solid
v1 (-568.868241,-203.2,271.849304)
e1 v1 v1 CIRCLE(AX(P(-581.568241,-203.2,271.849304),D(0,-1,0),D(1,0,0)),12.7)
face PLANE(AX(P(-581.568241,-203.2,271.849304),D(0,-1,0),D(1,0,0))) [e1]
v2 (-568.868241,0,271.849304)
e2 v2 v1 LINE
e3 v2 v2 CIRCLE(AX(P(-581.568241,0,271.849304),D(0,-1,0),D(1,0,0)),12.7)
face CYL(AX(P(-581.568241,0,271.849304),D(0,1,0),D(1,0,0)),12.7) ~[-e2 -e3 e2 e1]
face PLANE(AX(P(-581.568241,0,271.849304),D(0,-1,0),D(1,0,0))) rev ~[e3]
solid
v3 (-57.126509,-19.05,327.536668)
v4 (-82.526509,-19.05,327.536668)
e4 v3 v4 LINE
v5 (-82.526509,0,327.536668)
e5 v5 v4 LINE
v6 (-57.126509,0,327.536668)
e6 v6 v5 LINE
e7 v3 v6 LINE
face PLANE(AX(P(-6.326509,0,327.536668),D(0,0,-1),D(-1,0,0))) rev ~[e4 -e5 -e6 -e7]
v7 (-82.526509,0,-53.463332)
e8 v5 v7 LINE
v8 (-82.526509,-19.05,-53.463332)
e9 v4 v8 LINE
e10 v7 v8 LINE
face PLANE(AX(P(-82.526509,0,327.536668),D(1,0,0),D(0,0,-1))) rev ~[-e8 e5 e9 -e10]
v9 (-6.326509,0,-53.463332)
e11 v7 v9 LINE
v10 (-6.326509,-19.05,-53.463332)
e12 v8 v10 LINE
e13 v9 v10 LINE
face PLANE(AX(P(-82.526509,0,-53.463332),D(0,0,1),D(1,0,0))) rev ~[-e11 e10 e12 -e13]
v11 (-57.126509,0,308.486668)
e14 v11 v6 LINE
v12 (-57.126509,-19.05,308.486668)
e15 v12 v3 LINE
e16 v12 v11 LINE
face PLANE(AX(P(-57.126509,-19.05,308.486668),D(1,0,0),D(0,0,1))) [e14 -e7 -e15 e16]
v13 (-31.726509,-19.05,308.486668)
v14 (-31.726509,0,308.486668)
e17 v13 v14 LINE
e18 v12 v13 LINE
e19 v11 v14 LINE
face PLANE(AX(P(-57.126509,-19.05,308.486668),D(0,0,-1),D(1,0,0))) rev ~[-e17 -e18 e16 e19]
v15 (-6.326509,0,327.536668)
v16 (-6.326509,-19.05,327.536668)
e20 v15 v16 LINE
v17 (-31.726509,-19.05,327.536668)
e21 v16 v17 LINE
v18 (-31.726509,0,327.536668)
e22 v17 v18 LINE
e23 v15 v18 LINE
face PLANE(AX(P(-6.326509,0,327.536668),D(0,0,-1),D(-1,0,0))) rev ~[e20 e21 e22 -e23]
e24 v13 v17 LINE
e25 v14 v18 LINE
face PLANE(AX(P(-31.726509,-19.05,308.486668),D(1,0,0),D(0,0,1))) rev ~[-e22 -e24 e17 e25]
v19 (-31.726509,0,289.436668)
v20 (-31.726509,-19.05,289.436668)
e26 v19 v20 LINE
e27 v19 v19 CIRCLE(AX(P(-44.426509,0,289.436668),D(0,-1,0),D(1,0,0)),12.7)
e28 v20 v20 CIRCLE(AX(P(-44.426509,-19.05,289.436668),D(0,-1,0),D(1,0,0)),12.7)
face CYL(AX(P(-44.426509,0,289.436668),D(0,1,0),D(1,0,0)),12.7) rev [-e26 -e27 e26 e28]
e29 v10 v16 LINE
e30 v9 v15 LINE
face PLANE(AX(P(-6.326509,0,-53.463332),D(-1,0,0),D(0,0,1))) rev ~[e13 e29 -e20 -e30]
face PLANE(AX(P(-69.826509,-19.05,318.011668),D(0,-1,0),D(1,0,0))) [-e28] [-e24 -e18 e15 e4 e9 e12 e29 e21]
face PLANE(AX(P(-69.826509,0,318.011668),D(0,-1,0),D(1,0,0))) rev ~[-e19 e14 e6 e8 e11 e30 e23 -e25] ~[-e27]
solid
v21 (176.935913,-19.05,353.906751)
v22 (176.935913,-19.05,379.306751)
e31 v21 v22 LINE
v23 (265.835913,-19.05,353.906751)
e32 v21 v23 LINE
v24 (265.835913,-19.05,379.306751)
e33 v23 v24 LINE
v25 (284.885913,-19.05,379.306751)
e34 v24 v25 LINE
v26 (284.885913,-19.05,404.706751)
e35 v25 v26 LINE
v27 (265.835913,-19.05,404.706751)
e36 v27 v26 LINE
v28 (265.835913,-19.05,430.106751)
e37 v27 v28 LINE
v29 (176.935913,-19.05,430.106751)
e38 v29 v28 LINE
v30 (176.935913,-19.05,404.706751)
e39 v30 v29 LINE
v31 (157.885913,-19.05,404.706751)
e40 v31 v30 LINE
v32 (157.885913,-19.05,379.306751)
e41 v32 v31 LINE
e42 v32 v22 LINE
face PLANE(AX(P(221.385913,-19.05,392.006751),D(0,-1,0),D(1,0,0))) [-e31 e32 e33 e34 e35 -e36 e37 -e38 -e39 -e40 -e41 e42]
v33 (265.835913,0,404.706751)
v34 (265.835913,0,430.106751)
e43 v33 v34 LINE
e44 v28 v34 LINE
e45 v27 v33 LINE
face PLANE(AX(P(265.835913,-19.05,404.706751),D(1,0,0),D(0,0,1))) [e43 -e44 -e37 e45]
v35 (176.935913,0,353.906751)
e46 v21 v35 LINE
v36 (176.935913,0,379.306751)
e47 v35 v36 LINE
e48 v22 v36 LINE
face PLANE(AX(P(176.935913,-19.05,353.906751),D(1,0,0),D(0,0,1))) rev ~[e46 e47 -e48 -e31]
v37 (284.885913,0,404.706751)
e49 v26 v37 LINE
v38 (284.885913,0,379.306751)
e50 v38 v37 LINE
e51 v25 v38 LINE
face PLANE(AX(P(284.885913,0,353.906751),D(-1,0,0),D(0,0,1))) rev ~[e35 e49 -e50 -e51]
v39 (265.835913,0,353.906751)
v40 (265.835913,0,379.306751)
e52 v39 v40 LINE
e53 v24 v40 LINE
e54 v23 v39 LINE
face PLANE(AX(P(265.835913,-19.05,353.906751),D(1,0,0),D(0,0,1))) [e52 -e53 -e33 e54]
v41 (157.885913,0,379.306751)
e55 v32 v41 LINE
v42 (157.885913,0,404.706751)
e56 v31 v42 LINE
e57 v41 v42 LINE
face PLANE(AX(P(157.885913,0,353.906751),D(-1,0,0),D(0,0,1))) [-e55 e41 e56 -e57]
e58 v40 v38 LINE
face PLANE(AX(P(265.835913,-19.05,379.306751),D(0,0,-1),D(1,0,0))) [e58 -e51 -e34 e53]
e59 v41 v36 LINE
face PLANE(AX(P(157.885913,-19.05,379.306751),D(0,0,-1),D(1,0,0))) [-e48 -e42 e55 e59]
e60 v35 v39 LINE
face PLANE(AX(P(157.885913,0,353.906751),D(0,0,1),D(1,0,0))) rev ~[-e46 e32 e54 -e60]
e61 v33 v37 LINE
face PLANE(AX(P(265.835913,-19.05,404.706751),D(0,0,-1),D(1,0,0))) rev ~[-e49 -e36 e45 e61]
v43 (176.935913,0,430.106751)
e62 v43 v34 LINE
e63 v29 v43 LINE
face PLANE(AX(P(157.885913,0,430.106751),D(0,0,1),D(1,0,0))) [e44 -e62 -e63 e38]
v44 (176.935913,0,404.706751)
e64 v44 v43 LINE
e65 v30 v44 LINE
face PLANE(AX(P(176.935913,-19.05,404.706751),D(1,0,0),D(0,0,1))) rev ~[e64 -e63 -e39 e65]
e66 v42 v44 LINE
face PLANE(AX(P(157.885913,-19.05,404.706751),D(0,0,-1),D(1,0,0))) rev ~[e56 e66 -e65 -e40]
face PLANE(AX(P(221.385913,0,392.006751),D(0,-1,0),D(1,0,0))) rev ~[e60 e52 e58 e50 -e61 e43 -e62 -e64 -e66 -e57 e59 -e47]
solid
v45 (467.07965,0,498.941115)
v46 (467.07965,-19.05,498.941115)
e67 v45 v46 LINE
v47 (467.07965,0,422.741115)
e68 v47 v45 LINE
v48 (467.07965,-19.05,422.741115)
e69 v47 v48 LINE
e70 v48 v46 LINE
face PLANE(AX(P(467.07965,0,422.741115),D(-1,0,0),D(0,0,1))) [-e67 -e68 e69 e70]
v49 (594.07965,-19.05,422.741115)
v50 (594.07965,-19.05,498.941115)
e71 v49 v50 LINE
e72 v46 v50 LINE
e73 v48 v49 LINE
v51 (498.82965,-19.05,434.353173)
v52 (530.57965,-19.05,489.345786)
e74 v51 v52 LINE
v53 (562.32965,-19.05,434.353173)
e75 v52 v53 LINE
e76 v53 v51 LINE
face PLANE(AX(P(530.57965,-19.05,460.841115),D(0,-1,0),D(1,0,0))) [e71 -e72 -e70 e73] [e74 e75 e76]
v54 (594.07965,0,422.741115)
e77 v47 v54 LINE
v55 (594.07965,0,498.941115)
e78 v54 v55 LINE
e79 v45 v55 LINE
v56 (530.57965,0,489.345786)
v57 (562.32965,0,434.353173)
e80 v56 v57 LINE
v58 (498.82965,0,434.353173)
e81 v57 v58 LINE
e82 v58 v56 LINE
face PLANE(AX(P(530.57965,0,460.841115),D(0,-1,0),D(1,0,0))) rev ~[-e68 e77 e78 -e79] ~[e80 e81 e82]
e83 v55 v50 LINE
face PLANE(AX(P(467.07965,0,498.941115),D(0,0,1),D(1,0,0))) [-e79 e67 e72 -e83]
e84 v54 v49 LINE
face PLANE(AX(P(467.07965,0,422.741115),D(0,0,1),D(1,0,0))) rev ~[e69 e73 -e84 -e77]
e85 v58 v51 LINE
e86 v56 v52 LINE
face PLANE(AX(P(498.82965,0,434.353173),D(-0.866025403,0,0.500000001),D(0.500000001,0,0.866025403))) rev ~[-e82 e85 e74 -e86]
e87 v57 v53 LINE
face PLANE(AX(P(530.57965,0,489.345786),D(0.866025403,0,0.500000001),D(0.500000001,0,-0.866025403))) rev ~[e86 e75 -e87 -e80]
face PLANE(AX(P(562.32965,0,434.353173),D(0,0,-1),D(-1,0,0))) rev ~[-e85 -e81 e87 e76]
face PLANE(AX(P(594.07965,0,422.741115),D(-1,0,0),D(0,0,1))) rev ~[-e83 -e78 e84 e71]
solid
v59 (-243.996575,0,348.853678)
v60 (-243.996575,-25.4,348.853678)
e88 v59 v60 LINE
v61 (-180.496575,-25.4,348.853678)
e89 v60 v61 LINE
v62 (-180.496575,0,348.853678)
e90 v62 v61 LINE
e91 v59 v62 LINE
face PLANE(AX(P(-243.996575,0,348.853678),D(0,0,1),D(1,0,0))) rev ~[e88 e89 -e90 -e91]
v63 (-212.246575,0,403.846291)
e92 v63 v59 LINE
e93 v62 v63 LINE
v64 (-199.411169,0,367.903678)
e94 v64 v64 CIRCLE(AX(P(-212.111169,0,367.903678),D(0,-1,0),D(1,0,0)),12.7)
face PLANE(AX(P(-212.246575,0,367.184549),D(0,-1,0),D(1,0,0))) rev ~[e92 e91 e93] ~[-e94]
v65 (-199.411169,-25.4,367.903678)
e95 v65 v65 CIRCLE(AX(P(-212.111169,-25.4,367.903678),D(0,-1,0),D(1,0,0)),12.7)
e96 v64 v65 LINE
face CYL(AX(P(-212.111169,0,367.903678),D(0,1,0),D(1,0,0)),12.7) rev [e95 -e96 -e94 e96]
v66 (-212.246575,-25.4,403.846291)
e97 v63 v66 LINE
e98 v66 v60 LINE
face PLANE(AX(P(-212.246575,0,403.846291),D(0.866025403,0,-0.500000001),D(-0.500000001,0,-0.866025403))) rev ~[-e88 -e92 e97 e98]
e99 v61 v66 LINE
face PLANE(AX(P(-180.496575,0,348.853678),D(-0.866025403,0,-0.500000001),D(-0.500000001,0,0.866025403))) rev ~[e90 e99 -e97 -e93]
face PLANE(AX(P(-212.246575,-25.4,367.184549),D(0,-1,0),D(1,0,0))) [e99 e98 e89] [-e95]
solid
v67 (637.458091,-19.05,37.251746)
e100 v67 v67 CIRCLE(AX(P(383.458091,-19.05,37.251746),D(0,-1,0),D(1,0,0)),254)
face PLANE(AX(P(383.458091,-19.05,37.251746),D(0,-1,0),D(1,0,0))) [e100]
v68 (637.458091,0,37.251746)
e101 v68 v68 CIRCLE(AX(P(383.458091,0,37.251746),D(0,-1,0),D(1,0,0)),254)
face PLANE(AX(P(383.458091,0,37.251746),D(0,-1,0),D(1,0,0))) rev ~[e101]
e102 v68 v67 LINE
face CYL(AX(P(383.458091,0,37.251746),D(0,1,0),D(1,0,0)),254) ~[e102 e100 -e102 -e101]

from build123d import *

# Parameters (mm, degrees)
F0_R      = 12.7
F1_DEPTH  = 19.05
F2_W      = 127
F2_H      = 76.2
F3_DEPTH  = 19.05
F4_R      = 254
F5_DEPTH  = 19.05
F6_W      = 127
F6_H      = 76.2
F7_DEPTH  = 19.05
F8_W      = 25.4
F8_H      = 19.05
F9_DEPTH  = 25.4
F10_W     = 19.05
F10_H     = 25.4
F11_DEPTH = 25.4
F12_R     = 12.7
F13_DEPTH = 25.4
F14_R     = 12.7
F15_DEPTH = 203.2


with BuildPart() as f1:
    # F0 (on Front) → F1 (new body)
    with BuildSketch(Plane.XZ):
        Polygon((-69.826509, 327.536668), (-82.526509, 327.536668), (-82.526509, 308.486668), (-69.826509, 308.486668), (-57.126509, 308.486668), (-57.126509, 327.536668), align=None)
        Polygon((-69.826509, 308.486668), (-82.526509, 308.486668), (-82.526509, -53.463332), (-6.326509, -53.463332), (-6.326509, 308.486668), (-19.026509, 308.486668), (-31.726509, 308.486668), (-44.426509, 308.486668), (-57.126509, 308.486668), align=None)
        with Locations((-44.426509, 289.436668)):
            Circle(F0_R, mode=Mode.SUBTRACT)
        Polygon((-44.426509, 327.536668), (-57.126509, 327.536668), (-57.126509, 308.486668), (-44.426509, 308.486668), (-31.726509, 308.486668), (-31.726509, 327.536668), align=None)
        Polygon((-19.026509, 327.536668), (-31.726509, 327.536668), (-31.726509, 308.486668), (-19.026509, 308.486668), (-6.326509, 308.486668), (-6.326509, 327.536668), align=None)
    extrude(amount=F1_DEPTH)

    # F8 (on face) → F9 (cut)
    with BuildSketch(Plane.XZ.offset(19.05)):
        with Locations((-44.426509, 318.011668)):
            Rectangle(F8_W, F8_H)
    extrude(amount=-F9_DEPTH, mode=Mode.SUBTRACT)


with BuildPart() as f3:
    # F2 (on Front) → F3 (new body)
    with BuildSketch(Plane.XZ):
        with Locations((221.385913, 392.006751)):
            Rectangle(F2_W, F2_H)
    extrude(amount=F3_DEPTH)

    # F10 (on face) → F11 (cut)
    with BuildSketch(Plane.XZ.offset(19.05)):
        with Locations((167.410913, 417.406751)):
            Rectangle(F10_W, F10_H)
        with Locations((167.410913, 366.606751)):
            Rectangle(F10_W, F10_H)
        with Locations((275.360913, 366.606751)):
            Rectangle(F10_W, F10_H)
        with Locations((275.360913, 417.406751)):
            Rectangle(F10_W, F10_H)
    extrude(amount=-F11_DEPTH, mode=Mode.SUBTRACT)


with BuildPart() as f5:
    # F4 (on Front) → F5 (new body)
    with BuildSketch(Plane.XZ):
        with Locations((383.458091, 37.251746)):
            Circle(F4_R)
    extrude(amount=F5_DEPTH)


with BuildPart() as f7:
    # F6 (on Front) → F7 (new body)
    with BuildSketch(Plane.XZ):
        with Locations((530.57965, 460.841115)):
            Rectangle(F6_W, F6_H)
        Polygon((562.32965, 434.353173), (498.82965, 434.353173), (530.57965, 489.345786), align=None, mode=Mode.SUBTRACT)
    extrude(amount=F7_DEPTH)


with BuildPart() as f13:
    # F12 (on Front) → F13 (new body)
    with BuildSketch(Plane.XZ):
        Polygon((-212.246575, 403.846291), (-243.996575, 348.853678), (-180.496575, 348.853678), align=None)
        with Locations((-212.111169, 367.903678)):
            Circle(F12_R, mode=Mode.SUBTRACT)
    extrude(amount=F13_DEPTH)


with BuildPart() as f15:
    # F14 (on Front) → F15 (new body)
    with BuildSketch(Plane.XZ):
        with Locations((-581.568241, 271.849304)):
            Circle(F14_R)
    extrude(amount=F15_DEPTH)


solid = Compound([f1.part, f3.part, f5.part, f7.part, f13.part, f15.part])
